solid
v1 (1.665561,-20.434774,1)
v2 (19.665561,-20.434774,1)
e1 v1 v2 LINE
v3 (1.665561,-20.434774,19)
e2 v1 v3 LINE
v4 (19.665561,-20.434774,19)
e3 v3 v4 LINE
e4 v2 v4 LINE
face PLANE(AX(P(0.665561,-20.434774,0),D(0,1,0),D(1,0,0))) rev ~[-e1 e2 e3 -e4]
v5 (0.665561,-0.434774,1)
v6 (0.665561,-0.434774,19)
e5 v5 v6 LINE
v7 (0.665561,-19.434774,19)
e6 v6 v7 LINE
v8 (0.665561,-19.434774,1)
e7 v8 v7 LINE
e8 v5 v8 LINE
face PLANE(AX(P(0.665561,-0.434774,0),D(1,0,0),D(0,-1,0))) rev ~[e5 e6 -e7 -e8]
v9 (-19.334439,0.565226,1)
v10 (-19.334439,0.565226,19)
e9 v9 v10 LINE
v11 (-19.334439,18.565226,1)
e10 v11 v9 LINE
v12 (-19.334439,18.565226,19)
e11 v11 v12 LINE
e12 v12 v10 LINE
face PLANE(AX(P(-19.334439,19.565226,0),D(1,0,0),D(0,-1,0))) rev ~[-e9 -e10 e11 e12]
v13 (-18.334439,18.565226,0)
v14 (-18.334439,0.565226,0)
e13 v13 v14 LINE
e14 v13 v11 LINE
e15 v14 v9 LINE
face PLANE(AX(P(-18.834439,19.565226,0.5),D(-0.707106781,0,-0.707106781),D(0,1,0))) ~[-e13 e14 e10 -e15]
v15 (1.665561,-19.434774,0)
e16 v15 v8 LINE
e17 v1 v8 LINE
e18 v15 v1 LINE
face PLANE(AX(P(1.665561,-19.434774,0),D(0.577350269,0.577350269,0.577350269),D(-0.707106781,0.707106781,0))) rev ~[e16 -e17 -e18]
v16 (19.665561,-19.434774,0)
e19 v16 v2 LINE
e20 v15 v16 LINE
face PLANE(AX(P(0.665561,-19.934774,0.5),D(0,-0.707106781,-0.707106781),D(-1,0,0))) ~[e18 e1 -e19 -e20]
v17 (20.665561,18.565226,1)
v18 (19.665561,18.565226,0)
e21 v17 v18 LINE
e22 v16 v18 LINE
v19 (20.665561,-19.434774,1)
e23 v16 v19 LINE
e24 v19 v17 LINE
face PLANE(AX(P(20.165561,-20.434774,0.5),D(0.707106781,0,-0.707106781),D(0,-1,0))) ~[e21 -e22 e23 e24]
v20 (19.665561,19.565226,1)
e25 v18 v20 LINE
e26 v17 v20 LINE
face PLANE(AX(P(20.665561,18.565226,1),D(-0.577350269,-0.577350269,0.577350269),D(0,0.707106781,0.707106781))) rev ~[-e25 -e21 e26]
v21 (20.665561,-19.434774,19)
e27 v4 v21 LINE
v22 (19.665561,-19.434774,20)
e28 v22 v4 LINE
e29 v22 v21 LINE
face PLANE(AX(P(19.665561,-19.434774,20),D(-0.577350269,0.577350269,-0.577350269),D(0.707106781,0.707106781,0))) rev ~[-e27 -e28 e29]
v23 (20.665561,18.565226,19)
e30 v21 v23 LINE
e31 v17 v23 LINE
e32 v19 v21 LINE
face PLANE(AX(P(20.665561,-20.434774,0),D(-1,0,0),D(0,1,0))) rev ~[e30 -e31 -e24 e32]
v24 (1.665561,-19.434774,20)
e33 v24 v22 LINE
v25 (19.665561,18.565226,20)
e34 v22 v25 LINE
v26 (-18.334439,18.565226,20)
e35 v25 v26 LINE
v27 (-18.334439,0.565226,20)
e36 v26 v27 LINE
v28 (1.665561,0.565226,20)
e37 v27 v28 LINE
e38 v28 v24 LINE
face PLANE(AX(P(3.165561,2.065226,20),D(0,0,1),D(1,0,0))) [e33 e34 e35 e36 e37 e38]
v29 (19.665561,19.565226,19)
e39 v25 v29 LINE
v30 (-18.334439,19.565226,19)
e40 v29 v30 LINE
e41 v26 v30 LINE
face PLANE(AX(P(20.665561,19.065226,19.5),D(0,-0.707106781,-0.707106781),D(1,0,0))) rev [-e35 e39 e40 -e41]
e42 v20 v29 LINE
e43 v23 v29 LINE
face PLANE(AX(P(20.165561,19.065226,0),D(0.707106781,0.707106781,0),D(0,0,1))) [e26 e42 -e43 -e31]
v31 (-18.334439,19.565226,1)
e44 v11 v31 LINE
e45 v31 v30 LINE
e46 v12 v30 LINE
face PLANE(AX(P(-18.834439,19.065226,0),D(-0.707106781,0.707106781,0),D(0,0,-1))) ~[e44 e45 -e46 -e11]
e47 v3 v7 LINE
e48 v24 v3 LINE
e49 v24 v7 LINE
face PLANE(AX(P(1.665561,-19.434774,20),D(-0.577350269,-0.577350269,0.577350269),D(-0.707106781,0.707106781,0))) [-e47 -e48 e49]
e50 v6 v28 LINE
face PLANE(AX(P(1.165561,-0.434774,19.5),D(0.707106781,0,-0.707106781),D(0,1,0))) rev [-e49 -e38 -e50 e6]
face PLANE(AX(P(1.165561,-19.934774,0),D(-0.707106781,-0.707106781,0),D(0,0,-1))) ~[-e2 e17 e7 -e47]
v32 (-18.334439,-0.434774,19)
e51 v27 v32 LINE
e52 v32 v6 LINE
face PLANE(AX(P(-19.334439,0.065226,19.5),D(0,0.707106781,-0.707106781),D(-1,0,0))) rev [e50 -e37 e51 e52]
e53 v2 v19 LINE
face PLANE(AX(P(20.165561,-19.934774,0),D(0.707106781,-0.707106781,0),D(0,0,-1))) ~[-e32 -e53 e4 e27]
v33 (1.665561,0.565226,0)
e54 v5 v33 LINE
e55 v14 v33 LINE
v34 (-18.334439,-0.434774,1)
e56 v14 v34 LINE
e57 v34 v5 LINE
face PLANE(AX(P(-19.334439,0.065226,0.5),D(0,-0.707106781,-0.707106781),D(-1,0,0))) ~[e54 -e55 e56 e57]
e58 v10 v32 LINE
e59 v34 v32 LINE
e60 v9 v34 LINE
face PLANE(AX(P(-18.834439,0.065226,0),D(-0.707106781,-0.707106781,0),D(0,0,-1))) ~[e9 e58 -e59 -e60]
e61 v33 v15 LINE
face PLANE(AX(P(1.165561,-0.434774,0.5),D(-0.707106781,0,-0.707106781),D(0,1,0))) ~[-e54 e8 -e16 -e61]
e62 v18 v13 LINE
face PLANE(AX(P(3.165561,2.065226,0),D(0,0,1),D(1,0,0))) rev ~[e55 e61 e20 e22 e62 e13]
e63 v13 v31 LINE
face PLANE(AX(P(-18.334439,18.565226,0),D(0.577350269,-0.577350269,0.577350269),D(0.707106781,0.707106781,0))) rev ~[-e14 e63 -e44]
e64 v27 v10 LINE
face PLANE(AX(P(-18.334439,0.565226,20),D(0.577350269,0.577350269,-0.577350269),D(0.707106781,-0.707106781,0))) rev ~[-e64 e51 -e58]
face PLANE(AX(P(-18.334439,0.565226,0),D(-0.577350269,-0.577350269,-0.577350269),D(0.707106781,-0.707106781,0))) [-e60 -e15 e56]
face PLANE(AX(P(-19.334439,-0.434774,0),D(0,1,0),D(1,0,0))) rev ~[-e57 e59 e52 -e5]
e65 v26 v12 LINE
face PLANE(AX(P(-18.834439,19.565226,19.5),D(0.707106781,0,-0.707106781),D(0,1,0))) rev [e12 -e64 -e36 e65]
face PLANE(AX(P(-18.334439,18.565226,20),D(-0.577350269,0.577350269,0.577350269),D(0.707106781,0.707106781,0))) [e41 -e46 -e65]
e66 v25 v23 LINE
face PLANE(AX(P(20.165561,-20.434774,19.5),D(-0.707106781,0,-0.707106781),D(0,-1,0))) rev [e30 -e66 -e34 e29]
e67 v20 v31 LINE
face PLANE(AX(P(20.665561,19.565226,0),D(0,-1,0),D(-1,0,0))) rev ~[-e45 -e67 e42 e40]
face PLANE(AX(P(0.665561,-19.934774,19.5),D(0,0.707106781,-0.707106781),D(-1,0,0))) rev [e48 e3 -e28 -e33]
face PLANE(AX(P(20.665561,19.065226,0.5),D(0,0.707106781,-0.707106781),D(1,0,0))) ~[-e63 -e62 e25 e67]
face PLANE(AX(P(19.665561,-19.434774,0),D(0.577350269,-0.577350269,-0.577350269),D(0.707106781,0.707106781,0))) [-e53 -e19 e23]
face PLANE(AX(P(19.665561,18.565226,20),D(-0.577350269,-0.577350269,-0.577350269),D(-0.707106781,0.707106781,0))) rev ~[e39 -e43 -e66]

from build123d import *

# Parameters (mm, degrees)
F1_DEPTH = 20
F2_SIZE  = 1


with BuildPart() as f1:
    # F0 (on Top) → F1 (new body)
    with BuildSketch(Plane.XY):
        Polygon((20.665561, 19.565226), (-19.334439, 19.565226), (-19.334439, -0.434774), (0.665561, -0.434774), (0.665561, -20.434774), (20.665561, -20.434774), align=None)
    extrude(amount=F1_DEPTH)

    # F2
    f2_edges = [f1.edges().sort_by_distance(p)[0] for p in [
        (0.665561, -20.434774, 10),
        (20.665561, -20.434774, 10),
        (10.665561, -20.434774, 0),
        (10.665561, -20.434774, 20),
        (-19.334439, 19.565226, 10),
        (-19.334439, -0.434774, 10),
        (-19.334439, 9.565226, 0),
        (-19.334439, 9.565226, 20),
        (0.665561, 19.565226, 0),
        (-9.334439, -0.434774, 0),
        (0.665561, -10.434774, 0),
        (20.665561, -0.434774, 0),
        (20.665561, 19.565226, 10),
        (20.665561, -0.434774, 20),
        (0.665561, 19.565226, 20),
        (-9.334439, -0.434774, 20),
        (0.665561, -10.434774, 20),
    ]]
    chamfer(f2_edges, length=F2_SIZE)


solid = f1.part
